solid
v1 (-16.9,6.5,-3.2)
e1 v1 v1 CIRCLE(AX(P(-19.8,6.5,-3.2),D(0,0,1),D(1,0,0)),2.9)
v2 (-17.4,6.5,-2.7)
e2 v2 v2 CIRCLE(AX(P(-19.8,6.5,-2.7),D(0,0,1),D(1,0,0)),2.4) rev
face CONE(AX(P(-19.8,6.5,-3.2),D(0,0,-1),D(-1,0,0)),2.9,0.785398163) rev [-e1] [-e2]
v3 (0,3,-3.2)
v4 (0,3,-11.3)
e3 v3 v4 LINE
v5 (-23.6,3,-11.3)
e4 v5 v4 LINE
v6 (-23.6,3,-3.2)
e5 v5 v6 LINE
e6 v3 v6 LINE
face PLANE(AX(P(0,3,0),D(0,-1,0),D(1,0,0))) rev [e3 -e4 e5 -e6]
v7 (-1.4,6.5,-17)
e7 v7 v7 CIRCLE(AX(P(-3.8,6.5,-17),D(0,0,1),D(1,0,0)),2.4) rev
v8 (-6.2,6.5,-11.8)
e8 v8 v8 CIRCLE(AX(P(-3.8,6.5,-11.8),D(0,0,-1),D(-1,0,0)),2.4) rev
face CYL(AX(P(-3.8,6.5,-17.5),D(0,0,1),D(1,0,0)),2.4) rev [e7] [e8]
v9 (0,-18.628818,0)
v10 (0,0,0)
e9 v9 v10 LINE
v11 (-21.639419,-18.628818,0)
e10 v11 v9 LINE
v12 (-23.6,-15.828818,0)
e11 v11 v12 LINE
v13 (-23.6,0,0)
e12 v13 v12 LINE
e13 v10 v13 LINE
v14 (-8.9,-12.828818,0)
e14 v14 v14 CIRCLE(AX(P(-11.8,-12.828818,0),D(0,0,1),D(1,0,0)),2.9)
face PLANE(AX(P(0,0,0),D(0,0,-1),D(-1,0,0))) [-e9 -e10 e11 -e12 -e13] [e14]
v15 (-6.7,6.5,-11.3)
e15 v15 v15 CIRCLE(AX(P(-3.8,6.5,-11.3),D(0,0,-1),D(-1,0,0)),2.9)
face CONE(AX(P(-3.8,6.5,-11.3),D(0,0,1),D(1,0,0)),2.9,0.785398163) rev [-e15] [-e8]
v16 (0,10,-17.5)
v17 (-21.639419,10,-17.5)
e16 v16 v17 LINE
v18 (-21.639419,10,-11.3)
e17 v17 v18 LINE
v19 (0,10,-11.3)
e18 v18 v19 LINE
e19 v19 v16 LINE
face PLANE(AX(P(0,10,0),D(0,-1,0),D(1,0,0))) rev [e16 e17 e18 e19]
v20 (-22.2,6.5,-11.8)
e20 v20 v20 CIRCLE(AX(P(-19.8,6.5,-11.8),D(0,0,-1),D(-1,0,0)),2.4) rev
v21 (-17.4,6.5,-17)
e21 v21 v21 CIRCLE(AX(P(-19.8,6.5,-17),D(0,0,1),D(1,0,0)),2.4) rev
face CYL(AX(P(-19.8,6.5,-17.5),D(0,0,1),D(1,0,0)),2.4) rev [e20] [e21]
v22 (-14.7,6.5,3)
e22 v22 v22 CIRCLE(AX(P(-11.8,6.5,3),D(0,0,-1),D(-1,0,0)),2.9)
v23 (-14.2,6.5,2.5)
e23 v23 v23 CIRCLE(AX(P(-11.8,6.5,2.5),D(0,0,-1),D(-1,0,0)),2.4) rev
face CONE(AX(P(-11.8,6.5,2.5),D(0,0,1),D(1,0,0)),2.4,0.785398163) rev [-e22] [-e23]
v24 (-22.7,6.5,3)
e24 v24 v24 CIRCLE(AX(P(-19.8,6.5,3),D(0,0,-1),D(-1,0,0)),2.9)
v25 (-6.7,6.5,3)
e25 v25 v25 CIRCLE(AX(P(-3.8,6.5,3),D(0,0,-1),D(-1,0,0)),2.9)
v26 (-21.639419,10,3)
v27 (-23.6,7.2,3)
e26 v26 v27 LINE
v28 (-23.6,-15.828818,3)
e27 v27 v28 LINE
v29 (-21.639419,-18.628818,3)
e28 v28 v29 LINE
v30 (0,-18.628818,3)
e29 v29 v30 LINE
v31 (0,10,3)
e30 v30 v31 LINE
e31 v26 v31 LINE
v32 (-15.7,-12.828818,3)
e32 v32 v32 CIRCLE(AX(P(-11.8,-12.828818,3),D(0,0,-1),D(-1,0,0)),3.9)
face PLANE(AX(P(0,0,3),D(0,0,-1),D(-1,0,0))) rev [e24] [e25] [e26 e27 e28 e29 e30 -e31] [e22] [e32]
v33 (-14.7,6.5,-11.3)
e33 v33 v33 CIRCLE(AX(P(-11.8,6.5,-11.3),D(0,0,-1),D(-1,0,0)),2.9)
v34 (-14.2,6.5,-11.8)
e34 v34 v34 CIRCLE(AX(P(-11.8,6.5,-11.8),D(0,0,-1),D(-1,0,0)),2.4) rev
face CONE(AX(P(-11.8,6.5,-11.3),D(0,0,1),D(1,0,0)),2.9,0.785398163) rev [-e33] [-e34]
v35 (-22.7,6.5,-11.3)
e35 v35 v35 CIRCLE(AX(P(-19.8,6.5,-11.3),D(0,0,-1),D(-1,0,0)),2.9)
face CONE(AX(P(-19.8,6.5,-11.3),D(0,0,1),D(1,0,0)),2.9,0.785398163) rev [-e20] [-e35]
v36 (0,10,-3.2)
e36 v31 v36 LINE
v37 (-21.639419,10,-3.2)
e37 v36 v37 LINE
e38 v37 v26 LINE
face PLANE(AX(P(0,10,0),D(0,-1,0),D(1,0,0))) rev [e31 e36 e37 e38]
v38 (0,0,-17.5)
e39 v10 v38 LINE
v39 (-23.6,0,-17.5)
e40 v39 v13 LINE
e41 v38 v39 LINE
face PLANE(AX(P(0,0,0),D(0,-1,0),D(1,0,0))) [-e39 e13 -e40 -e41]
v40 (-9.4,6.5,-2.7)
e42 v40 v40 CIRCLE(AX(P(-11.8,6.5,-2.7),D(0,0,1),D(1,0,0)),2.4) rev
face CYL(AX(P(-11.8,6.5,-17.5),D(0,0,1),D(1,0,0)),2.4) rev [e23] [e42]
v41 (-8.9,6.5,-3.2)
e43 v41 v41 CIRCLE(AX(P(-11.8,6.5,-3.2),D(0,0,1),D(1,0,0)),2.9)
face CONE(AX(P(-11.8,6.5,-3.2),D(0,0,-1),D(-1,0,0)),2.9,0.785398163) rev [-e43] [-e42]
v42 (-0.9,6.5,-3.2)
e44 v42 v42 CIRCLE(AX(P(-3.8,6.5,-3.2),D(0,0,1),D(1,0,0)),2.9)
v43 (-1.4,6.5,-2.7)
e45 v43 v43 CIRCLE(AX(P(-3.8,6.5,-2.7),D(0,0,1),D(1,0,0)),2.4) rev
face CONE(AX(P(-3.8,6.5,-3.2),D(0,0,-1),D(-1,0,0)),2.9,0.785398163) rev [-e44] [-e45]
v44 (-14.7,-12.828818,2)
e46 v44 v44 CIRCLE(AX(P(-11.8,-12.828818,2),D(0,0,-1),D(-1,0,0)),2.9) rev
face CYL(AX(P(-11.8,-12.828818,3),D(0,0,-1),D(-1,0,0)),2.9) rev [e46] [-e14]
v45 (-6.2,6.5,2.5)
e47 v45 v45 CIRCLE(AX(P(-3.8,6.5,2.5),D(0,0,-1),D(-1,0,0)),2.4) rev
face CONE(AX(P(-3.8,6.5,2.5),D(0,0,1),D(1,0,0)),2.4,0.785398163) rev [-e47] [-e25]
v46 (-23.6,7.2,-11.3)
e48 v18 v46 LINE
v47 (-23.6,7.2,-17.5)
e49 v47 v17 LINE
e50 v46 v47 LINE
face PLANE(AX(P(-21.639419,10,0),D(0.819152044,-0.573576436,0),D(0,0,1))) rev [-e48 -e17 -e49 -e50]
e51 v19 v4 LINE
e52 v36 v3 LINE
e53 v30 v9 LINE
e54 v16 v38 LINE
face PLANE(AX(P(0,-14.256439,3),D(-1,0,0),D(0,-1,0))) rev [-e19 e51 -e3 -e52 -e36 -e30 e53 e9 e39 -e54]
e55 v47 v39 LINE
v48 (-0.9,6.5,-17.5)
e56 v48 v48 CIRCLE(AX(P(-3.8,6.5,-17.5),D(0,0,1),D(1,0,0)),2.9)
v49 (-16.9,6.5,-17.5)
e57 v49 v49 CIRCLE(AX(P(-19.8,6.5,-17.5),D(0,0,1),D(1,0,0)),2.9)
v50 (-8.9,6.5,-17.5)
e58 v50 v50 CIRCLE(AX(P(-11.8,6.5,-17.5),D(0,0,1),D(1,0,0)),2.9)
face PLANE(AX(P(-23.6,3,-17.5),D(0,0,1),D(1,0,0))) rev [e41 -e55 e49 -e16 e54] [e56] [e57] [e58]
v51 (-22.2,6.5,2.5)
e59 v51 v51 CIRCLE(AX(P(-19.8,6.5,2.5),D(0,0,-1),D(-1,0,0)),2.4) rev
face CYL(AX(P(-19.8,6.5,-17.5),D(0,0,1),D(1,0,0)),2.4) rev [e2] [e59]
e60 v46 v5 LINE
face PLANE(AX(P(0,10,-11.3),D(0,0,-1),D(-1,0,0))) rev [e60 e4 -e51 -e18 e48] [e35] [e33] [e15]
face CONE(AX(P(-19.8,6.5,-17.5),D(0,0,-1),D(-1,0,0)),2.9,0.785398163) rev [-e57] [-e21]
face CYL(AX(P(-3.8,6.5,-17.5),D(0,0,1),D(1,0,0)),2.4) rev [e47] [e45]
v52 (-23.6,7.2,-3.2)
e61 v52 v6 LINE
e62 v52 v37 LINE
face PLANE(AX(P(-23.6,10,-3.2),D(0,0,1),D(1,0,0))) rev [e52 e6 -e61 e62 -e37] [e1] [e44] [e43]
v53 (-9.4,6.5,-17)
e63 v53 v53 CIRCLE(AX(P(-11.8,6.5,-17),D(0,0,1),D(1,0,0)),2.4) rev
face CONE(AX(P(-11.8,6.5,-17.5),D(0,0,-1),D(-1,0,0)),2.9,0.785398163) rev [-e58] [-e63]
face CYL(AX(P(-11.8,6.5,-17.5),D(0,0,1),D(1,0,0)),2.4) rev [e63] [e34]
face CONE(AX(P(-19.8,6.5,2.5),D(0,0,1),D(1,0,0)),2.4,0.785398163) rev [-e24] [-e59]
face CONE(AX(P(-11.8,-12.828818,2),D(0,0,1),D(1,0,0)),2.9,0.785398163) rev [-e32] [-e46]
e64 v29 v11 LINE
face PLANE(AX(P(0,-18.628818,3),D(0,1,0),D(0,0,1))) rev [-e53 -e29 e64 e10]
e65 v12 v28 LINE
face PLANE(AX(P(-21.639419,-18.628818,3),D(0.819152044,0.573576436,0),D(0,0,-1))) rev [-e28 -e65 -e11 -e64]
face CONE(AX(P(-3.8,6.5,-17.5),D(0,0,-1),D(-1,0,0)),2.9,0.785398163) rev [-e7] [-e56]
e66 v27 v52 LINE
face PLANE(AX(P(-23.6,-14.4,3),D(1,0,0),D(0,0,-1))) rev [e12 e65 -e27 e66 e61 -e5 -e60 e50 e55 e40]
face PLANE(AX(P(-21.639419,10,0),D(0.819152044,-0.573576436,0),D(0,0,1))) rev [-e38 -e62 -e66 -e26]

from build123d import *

# Parameters (mm, degrees)
SKETCH1_R           = 2.9
BOSS_EXTRUDE1_DEPTH = 3
SKETCH2_W           = 23.6
SKETCH2_H           = 20.5
BOSS_EXTRUDE2_DEPTH = 3
SKETCH3_W           = 23.6
SKETCH3_H           = 6.2
BOSS_EXTRUDE3_DEPTH = 7
SKETCH4_R           = 2.4
CUT_EXTRUDE2_DEPTH  = 37.390148045
CHAMFER1_SIZE       = 2.8
CHAMFER1_SIZE2      = 1.960581107
CHAMFER2_SIZE       = 1
CHAMFER3_SIZE       = 0.5


with BuildPart() as part:
    # Sketch1 → Boss-Extrude1 (new body)
    with BuildSketch(Plane.XY):
        Polygon((0, 0), (-23.6, 0), (-23.6, -14.4), (-23.6, -18.628818394), (-19.3, -18.628818394), (-4.3, -18.628818394), (0, -18.628818394), (0, -14.256438623), align=None)
        with Locations((-11.8, -12.828818394)):
            Circle(SKETCH1_R, mode=Mode.SUBTRACT)
    extrude(amount=BOSS_EXTRUDE1_DEPTH)

    # Sketch2 → Boss-Extrude2 (add)
    with BuildSketch(Plane(origin=(0, 0, 0), x_dir=(1, 0, 0), z_dir=(0, 1, 0))):
        with Locations((-11.8, 7.25)):
            Rectangle(SKETCH2_W, SKETCH2_H)
    extrude(amount=BOSS_EXTRUDE2_DEPTH)

    # Sketch3 → Boss-Extrude3 (add)
    with BuildSketch(Plane(origin=(0, 3, 0), x_dir=(1, 0, 0), z_dir=(0, 1, 0))):
        with Locations((-11.8, 0.1)):
            Rectangle(SKETCH3_W, SKETCH3_H)
        with Locations((-11.8, 14.4)):
            Rectangle(SKETCH3_W, SKETCH3_H)
    extrude(amount=BOSS_EXTRUDE3_DEPTH)

    # Sketch4 → Cut-Extrude2 (cut, through all)
    with BuildSketch(Plane.XY.offset(3)):
        with Locations((-11.8, 6.5)):
            Circle(SKETCH4_R)
        with Locations((-19.8, 6.5)):
            Circle(SKETCH4_R)
        with Locations((-3.8, 6.5)):
            Circle(SKETCH4_R)
    extrude(amount=-CUT_EXTRUDE2_DEPTH, mode=Mode.SUBTRACT)

    # Chamfer1
    chamfer1_edges = [part.edges().sort_by_distance(p)[0] for p in [
        (-23.6, -18.628818394, 1.5),
        (-23.6, 10, -0.1),
        (-23.6, 10, -14.4),
    ]]
    chamfer1_side = [part.faces().sort_by_distance(p)[0] for p in [
        (-23.6, 0.665571513, -4.855098328),
    ]]
    chamfer(chamfer1_edges, length=CHAMFER1_SIZE, length2=CHAMFER1_SIZE2, reference=chamfer1_side[0])

    # Chamfer2
    chamfer2_edges = [part.edges().sort_by_distance(p)[0] for p in [
        (-14.7, -12.828818394, 3),
    ]]
    chamfer(chamfer2_edges, length=CHAMFER2_SIZE)

    # Chamfer3
    chamfer3_edges = [part.edges().sort_by_distance(p)[0] for p in [
        (-6.2, 6.5, -3.2),
        (-6.2, 6.5, -17.5),
        (-6.2, 6.5, -11.3),
        (-6.2, 6.5, 3),
        (-22.2, 6.5, -3.2),
        (-22.2, 6.5, -17.5),
        (-22.2, 6.5, -11.3),
        (-22.2, 6.5, 3),
        (-14.2, 6.5, -3.2),
        (-14.2, 6.5, -17.5),
        (-14.2, 6.5, -11.3),
        (-14.2, 6.5, 3),
    ]]
    chamfer(chamfer3_edges, length=CHAMFER3_SIZE)


solid = part.part
